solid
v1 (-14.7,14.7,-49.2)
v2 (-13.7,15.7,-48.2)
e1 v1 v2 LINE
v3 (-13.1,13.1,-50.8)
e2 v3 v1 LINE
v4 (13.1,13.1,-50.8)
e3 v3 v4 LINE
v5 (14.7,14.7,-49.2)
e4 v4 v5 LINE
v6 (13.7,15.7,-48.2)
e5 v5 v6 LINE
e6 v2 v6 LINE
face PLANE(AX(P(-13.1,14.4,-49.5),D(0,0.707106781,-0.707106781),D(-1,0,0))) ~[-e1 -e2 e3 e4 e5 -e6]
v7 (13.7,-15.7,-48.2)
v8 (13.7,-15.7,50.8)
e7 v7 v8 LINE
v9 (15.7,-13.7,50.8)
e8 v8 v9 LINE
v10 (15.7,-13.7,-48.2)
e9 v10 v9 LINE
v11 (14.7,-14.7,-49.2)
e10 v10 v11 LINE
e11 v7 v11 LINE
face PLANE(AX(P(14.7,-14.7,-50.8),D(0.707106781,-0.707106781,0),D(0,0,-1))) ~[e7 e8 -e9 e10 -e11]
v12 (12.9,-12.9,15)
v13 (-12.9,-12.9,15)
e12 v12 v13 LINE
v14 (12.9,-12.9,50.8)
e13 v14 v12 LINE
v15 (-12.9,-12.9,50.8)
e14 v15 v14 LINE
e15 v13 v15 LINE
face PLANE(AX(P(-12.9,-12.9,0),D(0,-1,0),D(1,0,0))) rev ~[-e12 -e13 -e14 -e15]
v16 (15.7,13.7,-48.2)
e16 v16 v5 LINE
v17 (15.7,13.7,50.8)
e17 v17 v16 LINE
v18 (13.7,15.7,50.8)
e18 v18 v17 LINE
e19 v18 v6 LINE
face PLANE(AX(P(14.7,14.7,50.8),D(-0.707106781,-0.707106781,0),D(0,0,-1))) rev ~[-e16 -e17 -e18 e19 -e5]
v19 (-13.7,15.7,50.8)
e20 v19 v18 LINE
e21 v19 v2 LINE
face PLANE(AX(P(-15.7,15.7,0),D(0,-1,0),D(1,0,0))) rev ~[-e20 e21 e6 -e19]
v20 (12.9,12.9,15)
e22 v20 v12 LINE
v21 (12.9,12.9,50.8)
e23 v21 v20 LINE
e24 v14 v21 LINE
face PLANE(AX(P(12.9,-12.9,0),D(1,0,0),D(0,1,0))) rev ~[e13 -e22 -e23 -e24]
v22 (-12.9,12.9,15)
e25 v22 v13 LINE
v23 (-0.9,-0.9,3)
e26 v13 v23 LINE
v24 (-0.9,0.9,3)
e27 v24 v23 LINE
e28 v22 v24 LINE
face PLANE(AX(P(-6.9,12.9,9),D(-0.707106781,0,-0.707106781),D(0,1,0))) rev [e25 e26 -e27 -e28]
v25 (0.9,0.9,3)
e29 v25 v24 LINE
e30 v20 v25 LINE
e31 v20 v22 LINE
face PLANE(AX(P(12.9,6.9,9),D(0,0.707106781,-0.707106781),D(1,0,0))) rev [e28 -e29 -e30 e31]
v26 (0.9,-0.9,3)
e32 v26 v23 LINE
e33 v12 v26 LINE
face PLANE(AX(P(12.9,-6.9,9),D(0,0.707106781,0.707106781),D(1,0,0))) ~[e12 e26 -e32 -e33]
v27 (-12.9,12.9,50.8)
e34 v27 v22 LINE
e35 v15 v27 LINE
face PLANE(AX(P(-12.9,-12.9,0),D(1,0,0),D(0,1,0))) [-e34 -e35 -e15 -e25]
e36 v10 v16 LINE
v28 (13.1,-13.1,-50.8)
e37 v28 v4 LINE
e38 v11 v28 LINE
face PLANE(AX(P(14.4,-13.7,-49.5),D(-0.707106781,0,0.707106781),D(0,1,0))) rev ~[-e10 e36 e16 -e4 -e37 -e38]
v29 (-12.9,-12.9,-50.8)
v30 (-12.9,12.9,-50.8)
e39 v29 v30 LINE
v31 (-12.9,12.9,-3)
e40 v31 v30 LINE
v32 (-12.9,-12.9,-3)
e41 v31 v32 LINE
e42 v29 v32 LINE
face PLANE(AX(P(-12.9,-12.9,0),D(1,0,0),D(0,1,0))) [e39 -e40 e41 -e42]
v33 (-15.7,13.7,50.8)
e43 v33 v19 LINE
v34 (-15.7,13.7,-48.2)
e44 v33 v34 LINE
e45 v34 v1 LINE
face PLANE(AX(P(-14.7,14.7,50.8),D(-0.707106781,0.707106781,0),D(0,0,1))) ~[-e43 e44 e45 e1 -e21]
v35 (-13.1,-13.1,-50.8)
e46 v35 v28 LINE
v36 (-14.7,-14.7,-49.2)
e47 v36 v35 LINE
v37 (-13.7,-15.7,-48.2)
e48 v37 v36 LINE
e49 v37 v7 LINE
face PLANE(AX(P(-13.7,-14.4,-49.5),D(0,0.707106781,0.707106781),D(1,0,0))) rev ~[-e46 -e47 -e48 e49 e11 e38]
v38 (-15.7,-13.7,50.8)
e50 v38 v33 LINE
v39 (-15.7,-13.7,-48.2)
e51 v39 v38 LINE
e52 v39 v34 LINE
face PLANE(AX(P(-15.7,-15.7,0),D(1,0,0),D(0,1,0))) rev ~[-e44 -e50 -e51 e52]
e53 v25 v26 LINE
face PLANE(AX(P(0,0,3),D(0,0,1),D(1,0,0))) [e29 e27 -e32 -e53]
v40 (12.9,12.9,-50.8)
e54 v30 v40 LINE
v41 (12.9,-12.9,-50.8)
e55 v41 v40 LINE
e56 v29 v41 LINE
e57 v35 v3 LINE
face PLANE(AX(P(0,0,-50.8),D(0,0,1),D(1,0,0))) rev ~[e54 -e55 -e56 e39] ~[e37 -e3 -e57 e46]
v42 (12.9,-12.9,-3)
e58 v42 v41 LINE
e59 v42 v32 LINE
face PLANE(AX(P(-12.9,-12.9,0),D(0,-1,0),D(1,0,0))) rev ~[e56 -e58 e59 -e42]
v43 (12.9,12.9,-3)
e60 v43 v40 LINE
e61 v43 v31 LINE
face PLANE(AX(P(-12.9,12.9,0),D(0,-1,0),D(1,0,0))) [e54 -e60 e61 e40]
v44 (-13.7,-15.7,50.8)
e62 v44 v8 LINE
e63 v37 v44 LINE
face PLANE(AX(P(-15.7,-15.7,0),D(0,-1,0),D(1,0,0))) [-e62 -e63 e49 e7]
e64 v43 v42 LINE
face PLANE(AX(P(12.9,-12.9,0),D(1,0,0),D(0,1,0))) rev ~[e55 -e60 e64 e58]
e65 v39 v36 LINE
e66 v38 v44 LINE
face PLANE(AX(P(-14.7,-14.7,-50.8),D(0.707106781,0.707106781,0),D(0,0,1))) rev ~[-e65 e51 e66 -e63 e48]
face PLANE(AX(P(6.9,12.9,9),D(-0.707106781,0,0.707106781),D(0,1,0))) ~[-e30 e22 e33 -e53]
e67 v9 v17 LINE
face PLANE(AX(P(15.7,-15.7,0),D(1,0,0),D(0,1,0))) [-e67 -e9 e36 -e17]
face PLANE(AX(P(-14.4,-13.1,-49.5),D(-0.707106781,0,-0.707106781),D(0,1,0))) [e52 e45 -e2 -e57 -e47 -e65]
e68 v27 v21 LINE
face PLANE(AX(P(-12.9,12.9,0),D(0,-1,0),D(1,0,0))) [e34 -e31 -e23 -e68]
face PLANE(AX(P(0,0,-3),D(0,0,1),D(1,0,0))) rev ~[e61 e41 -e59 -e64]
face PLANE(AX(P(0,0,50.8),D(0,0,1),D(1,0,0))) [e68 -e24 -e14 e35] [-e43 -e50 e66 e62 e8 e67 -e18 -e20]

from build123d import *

# Parameters (mm, degrees)
F0_W          = 31.4
F0_H          = 31.4
F0_W_2        = 25.8
F0_H_2        = 25.8
F1_DEPTH      = 50.8
F1_DEPTH_BACK = 50.8
F2_W          = 28
F2_H          = 28
F3_DEPTH      = 3
F3_DEPTH_BACK = 3
F4_SIZE       = 12
F5_SIZE       = 2
F6_SIZE       = 2.6


with BuildPart() as f1:
    # F0 (on Top) → F1 (new body, two sides)
    with BuildSketch(Plane.XY) as f1_sk:
        Rectangle(F0_W, F0_H)
        Rectangle(F0_W_2, F0_H_2, mode=Mode.SUBTRACT)
    extrude(amount=F1_DEPTH)
    extrude(f1_sk.sketch, amount=-F1_DEPTH_BACK)

    # F2 (on Top) → F3 (join, two sides)
    with BuildSketch(Plane.XY) as f3_sk:
        Rectangle(F2_W, F2_H)
    extrude(amount=F3_DEPTH)
    extrude(f3_sk.sketch, amount=-F3_DEPTH_BACK)

    # F4
    f4_edges = [f1.edges().sort_by_distance(p)[0] for p in [
        (0, 12.9, 3),
        (12.9, 0, 3),
        (0, -12.9, 3),
        (-12.9, 0, 3),
    ]]
    chamfer(f4_edges, length=F4_SIZE)

    # F5
    f5_edges = [f1.edges().sort_by_distance(p)[0] for p in [
        (15.7, -15.7, 0),
        (-15.7, -15.7, 0),
        (15.7, 15.7, 0),
        (-15.7, 15.7, 0),
    ]]
    chamfer(f5_edges, length=F5_SIZE)

    # F6 (call 1 of 4: OpenCascade refuses the feature's edges together)
    f6_edges = [f1.edges().sort_by_distance(p)[0] for p in [
        (15.7, 0, -50.8),
    ]]
    chamfer(f6_edges, length=F6_SIZE)

    # F6#2 (call 2 of 4)
    f6_2_edges = [f1.edges().sort_by_distance(p)[0] for p in [
        (0, -15.7, -50.8),
    ]]
    chamfer(f6_2_edges, length=F6_SIZE)

    # F6#3 (call 3 of 4)
    f6_3_edges = [f1.edges().sort_by_distance(p)[0] for p in [
        (-15.7, 0, -50.8),
    ]]
    chamfer(f6_3_edges, length=F6_SIZE)

    # F6#4 (call 4 of 4)
    f6_4_edges = [f1.edges().sort_by_distance(p)[0] for p in [
        (0, 15.7, -50.8),
    ]]
    chamfer(f6_4_edges, length=F6_SIZE)


solid = f1.part
